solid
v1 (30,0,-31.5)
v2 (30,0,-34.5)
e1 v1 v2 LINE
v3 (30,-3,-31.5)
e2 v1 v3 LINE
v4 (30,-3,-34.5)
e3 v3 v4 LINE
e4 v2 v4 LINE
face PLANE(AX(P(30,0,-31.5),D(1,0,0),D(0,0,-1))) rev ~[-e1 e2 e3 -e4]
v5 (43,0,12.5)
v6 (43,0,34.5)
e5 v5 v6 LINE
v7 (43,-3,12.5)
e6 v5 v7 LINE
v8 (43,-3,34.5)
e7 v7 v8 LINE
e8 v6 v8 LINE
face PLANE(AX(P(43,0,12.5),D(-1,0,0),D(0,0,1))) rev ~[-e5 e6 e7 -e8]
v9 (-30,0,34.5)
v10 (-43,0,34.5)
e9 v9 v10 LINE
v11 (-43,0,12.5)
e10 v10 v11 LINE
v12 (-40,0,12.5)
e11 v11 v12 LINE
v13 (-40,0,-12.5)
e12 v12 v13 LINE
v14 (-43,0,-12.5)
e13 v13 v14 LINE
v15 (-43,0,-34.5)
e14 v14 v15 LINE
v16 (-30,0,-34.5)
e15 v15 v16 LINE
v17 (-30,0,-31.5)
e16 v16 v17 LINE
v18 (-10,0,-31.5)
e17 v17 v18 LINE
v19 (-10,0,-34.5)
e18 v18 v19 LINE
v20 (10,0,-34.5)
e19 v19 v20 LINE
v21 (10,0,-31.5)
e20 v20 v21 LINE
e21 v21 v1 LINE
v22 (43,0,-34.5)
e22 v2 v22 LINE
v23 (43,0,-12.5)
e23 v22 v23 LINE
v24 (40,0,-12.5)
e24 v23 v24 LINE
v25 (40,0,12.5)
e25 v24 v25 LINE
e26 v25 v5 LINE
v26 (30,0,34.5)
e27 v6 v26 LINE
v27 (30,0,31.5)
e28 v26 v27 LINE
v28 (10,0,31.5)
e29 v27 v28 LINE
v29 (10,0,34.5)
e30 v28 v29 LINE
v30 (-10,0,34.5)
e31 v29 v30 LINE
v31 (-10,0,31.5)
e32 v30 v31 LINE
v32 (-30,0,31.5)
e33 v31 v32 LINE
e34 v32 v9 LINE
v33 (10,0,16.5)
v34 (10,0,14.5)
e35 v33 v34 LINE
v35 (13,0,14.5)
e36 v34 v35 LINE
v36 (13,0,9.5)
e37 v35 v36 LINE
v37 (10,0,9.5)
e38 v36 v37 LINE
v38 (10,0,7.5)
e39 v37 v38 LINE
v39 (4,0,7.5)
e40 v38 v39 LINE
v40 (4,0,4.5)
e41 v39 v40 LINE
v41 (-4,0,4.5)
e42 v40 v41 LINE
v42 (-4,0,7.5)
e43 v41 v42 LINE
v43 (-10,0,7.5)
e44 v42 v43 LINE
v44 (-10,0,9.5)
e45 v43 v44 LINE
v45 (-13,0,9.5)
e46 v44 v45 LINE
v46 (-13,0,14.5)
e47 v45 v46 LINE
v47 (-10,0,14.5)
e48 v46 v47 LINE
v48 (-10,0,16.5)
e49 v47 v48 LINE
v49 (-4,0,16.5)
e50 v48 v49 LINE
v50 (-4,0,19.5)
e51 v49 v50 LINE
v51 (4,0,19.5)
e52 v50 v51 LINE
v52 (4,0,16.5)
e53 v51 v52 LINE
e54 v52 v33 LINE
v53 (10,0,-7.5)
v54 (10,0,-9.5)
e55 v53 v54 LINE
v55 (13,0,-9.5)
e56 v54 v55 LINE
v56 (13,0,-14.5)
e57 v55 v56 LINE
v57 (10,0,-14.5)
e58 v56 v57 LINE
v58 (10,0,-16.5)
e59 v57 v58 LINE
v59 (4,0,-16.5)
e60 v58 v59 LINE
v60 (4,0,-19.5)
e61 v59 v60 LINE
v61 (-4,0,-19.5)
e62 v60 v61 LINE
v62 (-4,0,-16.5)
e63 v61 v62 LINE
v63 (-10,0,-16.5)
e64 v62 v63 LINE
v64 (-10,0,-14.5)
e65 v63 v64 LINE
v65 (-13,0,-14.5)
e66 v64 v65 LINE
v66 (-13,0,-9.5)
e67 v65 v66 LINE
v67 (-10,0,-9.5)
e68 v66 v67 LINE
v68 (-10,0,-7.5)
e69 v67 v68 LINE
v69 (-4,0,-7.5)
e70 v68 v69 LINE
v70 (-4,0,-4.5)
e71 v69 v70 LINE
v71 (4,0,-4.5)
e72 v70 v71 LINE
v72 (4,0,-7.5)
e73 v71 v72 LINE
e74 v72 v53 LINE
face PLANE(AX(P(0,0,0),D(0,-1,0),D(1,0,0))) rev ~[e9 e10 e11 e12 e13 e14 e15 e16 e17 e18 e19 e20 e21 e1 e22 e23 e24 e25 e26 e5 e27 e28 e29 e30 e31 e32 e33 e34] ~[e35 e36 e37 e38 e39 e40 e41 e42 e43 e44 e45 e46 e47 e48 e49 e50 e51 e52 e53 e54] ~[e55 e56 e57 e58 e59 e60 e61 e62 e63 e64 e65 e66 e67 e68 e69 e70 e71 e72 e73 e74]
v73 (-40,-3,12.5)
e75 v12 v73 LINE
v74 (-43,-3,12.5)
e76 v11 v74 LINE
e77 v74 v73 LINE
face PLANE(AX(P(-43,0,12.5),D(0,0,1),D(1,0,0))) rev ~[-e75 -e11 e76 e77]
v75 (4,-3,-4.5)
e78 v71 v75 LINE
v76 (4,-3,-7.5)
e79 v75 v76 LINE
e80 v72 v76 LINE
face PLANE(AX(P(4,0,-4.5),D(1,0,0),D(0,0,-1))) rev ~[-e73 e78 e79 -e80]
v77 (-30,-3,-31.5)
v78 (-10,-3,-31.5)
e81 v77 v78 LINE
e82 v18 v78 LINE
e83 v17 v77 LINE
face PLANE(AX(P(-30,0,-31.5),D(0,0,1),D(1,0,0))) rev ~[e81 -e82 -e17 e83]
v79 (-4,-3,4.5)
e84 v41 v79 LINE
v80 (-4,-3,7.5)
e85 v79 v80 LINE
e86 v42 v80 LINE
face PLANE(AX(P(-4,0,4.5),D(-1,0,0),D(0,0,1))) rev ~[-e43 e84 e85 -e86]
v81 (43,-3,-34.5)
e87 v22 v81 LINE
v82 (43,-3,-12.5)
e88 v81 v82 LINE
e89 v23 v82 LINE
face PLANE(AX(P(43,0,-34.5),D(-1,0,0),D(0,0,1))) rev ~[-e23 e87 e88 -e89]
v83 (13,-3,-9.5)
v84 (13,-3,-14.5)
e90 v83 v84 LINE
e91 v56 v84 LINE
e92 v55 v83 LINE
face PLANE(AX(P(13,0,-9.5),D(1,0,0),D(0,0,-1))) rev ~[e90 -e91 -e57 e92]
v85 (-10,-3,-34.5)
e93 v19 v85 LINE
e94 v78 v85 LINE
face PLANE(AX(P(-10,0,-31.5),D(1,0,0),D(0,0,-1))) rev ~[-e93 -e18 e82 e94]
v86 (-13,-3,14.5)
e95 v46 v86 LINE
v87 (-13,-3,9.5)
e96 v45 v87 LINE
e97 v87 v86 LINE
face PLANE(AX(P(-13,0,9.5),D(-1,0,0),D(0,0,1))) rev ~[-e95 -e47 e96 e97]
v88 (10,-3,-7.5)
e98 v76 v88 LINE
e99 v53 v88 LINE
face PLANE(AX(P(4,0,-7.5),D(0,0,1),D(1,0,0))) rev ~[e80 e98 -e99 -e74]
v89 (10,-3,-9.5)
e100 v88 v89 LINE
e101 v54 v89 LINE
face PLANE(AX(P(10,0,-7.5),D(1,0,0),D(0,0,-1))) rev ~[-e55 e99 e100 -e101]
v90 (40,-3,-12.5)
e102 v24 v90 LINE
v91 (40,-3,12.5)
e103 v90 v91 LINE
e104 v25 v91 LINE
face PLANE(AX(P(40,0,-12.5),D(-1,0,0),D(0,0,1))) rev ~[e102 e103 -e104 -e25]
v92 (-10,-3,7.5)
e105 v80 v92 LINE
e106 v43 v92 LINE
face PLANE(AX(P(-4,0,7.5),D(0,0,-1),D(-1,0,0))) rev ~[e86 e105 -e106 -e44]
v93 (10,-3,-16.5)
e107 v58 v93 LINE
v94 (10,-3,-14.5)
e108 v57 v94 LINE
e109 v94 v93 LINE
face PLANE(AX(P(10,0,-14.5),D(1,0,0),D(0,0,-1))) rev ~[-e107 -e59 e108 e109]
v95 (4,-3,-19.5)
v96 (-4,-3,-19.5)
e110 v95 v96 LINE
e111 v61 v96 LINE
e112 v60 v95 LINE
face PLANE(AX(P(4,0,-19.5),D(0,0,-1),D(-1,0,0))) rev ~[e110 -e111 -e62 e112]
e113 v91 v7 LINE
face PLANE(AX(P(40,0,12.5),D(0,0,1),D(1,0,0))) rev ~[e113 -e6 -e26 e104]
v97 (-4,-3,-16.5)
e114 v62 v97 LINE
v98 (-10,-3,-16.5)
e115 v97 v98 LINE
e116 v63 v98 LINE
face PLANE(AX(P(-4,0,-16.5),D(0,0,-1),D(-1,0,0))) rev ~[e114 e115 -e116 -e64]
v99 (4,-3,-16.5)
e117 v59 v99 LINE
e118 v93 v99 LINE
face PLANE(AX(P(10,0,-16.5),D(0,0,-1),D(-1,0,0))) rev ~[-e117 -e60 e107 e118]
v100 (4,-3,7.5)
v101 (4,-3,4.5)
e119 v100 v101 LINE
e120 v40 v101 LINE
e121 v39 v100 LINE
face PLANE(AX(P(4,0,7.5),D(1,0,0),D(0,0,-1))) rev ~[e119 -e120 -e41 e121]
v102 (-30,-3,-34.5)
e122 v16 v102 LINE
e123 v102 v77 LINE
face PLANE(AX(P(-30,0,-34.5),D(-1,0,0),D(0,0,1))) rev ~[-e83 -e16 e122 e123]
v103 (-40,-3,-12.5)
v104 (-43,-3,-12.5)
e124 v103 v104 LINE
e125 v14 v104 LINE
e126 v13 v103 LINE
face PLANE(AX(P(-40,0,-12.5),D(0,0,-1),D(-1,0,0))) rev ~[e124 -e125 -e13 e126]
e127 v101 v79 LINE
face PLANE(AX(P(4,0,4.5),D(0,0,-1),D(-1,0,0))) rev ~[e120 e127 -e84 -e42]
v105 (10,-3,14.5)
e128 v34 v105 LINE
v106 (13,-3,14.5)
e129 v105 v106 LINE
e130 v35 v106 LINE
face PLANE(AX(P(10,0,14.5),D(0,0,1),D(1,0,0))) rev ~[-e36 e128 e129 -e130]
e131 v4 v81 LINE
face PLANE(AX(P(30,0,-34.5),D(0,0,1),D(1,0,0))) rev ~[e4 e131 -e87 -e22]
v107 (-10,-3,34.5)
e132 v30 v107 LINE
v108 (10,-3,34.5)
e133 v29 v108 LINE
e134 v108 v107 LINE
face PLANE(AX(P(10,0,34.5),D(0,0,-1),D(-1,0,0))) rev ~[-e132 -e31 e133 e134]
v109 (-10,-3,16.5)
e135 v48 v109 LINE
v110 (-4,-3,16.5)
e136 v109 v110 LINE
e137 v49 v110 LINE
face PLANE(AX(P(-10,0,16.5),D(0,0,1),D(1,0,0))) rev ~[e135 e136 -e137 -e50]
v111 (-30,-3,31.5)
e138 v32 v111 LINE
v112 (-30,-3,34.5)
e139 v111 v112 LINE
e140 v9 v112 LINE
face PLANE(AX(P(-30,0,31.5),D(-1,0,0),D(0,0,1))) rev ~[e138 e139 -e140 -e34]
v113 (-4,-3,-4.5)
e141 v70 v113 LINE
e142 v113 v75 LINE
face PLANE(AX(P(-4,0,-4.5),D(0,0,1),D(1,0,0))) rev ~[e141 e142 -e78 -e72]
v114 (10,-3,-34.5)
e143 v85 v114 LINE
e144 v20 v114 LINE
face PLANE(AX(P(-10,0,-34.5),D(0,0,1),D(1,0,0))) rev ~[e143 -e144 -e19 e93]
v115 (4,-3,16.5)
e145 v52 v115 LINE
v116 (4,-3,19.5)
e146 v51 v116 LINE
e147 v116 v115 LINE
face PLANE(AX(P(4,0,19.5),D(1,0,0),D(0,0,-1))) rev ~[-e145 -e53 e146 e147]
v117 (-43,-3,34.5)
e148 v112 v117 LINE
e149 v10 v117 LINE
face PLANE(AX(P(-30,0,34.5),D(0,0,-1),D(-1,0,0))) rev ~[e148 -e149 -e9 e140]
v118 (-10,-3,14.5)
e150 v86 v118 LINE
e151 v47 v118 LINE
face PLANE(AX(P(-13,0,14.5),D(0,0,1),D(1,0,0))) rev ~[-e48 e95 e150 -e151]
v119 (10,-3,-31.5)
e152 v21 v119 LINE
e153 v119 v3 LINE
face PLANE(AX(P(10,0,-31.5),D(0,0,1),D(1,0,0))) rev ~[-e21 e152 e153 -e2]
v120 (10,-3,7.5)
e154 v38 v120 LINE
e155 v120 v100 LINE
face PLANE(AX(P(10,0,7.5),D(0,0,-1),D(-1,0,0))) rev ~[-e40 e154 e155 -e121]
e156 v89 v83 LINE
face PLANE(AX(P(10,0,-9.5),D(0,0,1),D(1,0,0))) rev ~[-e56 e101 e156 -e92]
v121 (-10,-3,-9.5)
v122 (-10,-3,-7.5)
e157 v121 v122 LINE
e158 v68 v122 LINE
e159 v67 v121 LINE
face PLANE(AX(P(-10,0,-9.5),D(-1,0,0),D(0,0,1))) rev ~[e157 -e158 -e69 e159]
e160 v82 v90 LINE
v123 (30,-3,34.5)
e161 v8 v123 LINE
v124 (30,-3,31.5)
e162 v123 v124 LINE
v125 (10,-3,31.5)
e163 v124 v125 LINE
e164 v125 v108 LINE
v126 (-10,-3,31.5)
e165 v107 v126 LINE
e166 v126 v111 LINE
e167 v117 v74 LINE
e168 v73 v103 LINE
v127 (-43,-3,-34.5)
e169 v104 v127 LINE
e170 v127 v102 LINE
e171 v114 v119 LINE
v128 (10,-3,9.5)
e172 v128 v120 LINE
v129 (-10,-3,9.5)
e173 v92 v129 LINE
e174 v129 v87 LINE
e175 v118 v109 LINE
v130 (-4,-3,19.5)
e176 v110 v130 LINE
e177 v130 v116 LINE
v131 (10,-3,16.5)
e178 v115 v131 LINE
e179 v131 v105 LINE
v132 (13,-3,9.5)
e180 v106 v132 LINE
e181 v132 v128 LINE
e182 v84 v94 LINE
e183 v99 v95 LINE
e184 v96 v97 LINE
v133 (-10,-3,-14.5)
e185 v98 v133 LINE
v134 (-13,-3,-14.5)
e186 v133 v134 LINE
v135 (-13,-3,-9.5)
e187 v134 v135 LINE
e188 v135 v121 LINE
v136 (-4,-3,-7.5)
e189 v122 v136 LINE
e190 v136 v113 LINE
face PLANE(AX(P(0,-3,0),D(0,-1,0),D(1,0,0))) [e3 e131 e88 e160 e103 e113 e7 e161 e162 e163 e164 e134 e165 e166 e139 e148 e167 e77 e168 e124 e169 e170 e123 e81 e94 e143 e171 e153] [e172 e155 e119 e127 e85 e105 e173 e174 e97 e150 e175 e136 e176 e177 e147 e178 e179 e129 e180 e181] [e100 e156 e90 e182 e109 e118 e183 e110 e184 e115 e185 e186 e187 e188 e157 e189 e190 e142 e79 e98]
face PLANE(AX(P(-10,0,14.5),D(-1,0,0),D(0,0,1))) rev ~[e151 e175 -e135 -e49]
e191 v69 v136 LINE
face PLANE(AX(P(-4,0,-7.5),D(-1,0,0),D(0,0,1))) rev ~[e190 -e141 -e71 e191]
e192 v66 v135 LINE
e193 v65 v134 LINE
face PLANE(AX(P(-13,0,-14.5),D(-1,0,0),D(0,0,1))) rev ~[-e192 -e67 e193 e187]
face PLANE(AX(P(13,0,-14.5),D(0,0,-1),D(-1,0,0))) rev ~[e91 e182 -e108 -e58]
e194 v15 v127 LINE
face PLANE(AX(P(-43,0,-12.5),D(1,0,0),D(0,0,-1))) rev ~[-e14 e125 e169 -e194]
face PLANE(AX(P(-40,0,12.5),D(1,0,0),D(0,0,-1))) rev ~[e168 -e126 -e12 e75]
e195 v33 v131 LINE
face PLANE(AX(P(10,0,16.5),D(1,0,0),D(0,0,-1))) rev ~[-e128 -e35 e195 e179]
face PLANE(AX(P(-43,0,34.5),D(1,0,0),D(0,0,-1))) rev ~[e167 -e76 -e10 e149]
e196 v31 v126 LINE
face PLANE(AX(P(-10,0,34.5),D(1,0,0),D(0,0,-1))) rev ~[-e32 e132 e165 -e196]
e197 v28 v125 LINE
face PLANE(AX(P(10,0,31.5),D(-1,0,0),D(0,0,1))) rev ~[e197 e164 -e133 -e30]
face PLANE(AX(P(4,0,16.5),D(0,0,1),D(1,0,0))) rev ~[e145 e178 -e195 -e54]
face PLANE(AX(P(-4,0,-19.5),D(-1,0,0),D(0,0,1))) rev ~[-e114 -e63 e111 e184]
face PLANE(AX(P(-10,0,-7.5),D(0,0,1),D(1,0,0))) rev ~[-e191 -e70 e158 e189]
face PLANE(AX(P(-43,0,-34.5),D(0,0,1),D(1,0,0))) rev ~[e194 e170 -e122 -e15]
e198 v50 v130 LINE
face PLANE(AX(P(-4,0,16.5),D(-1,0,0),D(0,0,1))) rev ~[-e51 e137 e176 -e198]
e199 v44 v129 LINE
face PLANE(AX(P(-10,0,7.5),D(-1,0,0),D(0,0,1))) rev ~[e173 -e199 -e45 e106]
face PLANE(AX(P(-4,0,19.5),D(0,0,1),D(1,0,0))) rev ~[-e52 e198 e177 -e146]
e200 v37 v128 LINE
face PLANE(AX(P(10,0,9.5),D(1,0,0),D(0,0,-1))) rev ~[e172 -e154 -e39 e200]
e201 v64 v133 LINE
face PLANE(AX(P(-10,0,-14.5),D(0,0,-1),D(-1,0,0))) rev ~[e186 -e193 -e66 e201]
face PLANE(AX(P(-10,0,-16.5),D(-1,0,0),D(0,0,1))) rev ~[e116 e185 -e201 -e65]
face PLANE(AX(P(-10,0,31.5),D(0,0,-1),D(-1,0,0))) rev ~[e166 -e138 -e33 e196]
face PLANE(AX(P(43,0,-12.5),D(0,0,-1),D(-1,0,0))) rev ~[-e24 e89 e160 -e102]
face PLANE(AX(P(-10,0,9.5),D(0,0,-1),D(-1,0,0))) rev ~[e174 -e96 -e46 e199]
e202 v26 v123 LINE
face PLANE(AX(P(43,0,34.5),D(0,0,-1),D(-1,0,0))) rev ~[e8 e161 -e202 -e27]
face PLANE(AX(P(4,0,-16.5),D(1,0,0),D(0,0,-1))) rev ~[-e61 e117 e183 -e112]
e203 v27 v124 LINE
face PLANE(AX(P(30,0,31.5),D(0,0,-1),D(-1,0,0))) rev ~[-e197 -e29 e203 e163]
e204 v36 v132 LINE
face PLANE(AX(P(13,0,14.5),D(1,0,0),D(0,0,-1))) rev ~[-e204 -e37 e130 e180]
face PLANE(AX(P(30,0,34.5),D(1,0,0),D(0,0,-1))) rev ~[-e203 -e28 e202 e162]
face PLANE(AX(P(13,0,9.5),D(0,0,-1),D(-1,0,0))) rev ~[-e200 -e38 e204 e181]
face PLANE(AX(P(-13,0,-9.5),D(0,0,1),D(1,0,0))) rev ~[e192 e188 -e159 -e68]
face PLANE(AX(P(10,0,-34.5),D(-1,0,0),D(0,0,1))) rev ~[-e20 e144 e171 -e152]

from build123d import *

# Parameters (mm, degrees)
F1_DEPTH = 3


with BuildPart() as f1:
    # F0 (on Front) → F1 (new body)
    with BuildSketch(Plane.XZ):
        Polygon((10, 34.5), (0, 34.5), (-10, 34.5), (-10, 31.5), (-30, 31.5), (-30, 34.5), (-43, 34.5), (-43, 12.5), (-40, 12.5), (-40, 0), (-40, -12.5), (-43, -12.5), (-43, -34.5), (-30, -34.5), (-30, -31.5), (-10, -31.5), (-10, -34.5), (0, -34.5), (10, -34.5), (10, -31.5), (30, -31.5), (30, -34.5), (43, -34.5), (43, -12.5), (40, -12.5), (40, 0), (40, 12.5), (43, 12.5), (43, 34.5), (30, 34.5), (30, 31.5), (10, 31.5), align=None)
        Polygon((-13, -14.5), (-13, -9.5), (-10, -9.5), (-10, -7.5), (-4, -7.5), (-4, -4.5), (0, -4.5), (4, -4.5), (4, -7.5), (10, -7.5), (10, -9.5), (13, -9.5), (13, -14.5), (10, -14.5), (10, -16.5), (4, -16.5), (4, -19.5), (0, -19.5), (-4, -19.5), (-4, -16.5), (-10, -16.5), (-10, -14.5), align=None, mode=Mode.SUBTRACT)
        Polygon((4, 16.5), (10, 16.5), (10, 14.5), (13, 14.5), (13, 9.5), (10, 9.5), (10, 7.5), (4, 7.5), (4, 4.5), (0, 4.5), (-4, 4.5), (-4, 7.5), (-10, 7.5), (-10, 9.5), (-13, 9.5), (-13, 14.5), (-10, 14.5), (-10, 16.5), (-4, 16.5), (-4, 19.5), (0, 19.5), (4, 19.5), align=None, mode=Mode.SUBTRACT)
    extrude(amount=F1_DEPTH)


solid = f1.part
